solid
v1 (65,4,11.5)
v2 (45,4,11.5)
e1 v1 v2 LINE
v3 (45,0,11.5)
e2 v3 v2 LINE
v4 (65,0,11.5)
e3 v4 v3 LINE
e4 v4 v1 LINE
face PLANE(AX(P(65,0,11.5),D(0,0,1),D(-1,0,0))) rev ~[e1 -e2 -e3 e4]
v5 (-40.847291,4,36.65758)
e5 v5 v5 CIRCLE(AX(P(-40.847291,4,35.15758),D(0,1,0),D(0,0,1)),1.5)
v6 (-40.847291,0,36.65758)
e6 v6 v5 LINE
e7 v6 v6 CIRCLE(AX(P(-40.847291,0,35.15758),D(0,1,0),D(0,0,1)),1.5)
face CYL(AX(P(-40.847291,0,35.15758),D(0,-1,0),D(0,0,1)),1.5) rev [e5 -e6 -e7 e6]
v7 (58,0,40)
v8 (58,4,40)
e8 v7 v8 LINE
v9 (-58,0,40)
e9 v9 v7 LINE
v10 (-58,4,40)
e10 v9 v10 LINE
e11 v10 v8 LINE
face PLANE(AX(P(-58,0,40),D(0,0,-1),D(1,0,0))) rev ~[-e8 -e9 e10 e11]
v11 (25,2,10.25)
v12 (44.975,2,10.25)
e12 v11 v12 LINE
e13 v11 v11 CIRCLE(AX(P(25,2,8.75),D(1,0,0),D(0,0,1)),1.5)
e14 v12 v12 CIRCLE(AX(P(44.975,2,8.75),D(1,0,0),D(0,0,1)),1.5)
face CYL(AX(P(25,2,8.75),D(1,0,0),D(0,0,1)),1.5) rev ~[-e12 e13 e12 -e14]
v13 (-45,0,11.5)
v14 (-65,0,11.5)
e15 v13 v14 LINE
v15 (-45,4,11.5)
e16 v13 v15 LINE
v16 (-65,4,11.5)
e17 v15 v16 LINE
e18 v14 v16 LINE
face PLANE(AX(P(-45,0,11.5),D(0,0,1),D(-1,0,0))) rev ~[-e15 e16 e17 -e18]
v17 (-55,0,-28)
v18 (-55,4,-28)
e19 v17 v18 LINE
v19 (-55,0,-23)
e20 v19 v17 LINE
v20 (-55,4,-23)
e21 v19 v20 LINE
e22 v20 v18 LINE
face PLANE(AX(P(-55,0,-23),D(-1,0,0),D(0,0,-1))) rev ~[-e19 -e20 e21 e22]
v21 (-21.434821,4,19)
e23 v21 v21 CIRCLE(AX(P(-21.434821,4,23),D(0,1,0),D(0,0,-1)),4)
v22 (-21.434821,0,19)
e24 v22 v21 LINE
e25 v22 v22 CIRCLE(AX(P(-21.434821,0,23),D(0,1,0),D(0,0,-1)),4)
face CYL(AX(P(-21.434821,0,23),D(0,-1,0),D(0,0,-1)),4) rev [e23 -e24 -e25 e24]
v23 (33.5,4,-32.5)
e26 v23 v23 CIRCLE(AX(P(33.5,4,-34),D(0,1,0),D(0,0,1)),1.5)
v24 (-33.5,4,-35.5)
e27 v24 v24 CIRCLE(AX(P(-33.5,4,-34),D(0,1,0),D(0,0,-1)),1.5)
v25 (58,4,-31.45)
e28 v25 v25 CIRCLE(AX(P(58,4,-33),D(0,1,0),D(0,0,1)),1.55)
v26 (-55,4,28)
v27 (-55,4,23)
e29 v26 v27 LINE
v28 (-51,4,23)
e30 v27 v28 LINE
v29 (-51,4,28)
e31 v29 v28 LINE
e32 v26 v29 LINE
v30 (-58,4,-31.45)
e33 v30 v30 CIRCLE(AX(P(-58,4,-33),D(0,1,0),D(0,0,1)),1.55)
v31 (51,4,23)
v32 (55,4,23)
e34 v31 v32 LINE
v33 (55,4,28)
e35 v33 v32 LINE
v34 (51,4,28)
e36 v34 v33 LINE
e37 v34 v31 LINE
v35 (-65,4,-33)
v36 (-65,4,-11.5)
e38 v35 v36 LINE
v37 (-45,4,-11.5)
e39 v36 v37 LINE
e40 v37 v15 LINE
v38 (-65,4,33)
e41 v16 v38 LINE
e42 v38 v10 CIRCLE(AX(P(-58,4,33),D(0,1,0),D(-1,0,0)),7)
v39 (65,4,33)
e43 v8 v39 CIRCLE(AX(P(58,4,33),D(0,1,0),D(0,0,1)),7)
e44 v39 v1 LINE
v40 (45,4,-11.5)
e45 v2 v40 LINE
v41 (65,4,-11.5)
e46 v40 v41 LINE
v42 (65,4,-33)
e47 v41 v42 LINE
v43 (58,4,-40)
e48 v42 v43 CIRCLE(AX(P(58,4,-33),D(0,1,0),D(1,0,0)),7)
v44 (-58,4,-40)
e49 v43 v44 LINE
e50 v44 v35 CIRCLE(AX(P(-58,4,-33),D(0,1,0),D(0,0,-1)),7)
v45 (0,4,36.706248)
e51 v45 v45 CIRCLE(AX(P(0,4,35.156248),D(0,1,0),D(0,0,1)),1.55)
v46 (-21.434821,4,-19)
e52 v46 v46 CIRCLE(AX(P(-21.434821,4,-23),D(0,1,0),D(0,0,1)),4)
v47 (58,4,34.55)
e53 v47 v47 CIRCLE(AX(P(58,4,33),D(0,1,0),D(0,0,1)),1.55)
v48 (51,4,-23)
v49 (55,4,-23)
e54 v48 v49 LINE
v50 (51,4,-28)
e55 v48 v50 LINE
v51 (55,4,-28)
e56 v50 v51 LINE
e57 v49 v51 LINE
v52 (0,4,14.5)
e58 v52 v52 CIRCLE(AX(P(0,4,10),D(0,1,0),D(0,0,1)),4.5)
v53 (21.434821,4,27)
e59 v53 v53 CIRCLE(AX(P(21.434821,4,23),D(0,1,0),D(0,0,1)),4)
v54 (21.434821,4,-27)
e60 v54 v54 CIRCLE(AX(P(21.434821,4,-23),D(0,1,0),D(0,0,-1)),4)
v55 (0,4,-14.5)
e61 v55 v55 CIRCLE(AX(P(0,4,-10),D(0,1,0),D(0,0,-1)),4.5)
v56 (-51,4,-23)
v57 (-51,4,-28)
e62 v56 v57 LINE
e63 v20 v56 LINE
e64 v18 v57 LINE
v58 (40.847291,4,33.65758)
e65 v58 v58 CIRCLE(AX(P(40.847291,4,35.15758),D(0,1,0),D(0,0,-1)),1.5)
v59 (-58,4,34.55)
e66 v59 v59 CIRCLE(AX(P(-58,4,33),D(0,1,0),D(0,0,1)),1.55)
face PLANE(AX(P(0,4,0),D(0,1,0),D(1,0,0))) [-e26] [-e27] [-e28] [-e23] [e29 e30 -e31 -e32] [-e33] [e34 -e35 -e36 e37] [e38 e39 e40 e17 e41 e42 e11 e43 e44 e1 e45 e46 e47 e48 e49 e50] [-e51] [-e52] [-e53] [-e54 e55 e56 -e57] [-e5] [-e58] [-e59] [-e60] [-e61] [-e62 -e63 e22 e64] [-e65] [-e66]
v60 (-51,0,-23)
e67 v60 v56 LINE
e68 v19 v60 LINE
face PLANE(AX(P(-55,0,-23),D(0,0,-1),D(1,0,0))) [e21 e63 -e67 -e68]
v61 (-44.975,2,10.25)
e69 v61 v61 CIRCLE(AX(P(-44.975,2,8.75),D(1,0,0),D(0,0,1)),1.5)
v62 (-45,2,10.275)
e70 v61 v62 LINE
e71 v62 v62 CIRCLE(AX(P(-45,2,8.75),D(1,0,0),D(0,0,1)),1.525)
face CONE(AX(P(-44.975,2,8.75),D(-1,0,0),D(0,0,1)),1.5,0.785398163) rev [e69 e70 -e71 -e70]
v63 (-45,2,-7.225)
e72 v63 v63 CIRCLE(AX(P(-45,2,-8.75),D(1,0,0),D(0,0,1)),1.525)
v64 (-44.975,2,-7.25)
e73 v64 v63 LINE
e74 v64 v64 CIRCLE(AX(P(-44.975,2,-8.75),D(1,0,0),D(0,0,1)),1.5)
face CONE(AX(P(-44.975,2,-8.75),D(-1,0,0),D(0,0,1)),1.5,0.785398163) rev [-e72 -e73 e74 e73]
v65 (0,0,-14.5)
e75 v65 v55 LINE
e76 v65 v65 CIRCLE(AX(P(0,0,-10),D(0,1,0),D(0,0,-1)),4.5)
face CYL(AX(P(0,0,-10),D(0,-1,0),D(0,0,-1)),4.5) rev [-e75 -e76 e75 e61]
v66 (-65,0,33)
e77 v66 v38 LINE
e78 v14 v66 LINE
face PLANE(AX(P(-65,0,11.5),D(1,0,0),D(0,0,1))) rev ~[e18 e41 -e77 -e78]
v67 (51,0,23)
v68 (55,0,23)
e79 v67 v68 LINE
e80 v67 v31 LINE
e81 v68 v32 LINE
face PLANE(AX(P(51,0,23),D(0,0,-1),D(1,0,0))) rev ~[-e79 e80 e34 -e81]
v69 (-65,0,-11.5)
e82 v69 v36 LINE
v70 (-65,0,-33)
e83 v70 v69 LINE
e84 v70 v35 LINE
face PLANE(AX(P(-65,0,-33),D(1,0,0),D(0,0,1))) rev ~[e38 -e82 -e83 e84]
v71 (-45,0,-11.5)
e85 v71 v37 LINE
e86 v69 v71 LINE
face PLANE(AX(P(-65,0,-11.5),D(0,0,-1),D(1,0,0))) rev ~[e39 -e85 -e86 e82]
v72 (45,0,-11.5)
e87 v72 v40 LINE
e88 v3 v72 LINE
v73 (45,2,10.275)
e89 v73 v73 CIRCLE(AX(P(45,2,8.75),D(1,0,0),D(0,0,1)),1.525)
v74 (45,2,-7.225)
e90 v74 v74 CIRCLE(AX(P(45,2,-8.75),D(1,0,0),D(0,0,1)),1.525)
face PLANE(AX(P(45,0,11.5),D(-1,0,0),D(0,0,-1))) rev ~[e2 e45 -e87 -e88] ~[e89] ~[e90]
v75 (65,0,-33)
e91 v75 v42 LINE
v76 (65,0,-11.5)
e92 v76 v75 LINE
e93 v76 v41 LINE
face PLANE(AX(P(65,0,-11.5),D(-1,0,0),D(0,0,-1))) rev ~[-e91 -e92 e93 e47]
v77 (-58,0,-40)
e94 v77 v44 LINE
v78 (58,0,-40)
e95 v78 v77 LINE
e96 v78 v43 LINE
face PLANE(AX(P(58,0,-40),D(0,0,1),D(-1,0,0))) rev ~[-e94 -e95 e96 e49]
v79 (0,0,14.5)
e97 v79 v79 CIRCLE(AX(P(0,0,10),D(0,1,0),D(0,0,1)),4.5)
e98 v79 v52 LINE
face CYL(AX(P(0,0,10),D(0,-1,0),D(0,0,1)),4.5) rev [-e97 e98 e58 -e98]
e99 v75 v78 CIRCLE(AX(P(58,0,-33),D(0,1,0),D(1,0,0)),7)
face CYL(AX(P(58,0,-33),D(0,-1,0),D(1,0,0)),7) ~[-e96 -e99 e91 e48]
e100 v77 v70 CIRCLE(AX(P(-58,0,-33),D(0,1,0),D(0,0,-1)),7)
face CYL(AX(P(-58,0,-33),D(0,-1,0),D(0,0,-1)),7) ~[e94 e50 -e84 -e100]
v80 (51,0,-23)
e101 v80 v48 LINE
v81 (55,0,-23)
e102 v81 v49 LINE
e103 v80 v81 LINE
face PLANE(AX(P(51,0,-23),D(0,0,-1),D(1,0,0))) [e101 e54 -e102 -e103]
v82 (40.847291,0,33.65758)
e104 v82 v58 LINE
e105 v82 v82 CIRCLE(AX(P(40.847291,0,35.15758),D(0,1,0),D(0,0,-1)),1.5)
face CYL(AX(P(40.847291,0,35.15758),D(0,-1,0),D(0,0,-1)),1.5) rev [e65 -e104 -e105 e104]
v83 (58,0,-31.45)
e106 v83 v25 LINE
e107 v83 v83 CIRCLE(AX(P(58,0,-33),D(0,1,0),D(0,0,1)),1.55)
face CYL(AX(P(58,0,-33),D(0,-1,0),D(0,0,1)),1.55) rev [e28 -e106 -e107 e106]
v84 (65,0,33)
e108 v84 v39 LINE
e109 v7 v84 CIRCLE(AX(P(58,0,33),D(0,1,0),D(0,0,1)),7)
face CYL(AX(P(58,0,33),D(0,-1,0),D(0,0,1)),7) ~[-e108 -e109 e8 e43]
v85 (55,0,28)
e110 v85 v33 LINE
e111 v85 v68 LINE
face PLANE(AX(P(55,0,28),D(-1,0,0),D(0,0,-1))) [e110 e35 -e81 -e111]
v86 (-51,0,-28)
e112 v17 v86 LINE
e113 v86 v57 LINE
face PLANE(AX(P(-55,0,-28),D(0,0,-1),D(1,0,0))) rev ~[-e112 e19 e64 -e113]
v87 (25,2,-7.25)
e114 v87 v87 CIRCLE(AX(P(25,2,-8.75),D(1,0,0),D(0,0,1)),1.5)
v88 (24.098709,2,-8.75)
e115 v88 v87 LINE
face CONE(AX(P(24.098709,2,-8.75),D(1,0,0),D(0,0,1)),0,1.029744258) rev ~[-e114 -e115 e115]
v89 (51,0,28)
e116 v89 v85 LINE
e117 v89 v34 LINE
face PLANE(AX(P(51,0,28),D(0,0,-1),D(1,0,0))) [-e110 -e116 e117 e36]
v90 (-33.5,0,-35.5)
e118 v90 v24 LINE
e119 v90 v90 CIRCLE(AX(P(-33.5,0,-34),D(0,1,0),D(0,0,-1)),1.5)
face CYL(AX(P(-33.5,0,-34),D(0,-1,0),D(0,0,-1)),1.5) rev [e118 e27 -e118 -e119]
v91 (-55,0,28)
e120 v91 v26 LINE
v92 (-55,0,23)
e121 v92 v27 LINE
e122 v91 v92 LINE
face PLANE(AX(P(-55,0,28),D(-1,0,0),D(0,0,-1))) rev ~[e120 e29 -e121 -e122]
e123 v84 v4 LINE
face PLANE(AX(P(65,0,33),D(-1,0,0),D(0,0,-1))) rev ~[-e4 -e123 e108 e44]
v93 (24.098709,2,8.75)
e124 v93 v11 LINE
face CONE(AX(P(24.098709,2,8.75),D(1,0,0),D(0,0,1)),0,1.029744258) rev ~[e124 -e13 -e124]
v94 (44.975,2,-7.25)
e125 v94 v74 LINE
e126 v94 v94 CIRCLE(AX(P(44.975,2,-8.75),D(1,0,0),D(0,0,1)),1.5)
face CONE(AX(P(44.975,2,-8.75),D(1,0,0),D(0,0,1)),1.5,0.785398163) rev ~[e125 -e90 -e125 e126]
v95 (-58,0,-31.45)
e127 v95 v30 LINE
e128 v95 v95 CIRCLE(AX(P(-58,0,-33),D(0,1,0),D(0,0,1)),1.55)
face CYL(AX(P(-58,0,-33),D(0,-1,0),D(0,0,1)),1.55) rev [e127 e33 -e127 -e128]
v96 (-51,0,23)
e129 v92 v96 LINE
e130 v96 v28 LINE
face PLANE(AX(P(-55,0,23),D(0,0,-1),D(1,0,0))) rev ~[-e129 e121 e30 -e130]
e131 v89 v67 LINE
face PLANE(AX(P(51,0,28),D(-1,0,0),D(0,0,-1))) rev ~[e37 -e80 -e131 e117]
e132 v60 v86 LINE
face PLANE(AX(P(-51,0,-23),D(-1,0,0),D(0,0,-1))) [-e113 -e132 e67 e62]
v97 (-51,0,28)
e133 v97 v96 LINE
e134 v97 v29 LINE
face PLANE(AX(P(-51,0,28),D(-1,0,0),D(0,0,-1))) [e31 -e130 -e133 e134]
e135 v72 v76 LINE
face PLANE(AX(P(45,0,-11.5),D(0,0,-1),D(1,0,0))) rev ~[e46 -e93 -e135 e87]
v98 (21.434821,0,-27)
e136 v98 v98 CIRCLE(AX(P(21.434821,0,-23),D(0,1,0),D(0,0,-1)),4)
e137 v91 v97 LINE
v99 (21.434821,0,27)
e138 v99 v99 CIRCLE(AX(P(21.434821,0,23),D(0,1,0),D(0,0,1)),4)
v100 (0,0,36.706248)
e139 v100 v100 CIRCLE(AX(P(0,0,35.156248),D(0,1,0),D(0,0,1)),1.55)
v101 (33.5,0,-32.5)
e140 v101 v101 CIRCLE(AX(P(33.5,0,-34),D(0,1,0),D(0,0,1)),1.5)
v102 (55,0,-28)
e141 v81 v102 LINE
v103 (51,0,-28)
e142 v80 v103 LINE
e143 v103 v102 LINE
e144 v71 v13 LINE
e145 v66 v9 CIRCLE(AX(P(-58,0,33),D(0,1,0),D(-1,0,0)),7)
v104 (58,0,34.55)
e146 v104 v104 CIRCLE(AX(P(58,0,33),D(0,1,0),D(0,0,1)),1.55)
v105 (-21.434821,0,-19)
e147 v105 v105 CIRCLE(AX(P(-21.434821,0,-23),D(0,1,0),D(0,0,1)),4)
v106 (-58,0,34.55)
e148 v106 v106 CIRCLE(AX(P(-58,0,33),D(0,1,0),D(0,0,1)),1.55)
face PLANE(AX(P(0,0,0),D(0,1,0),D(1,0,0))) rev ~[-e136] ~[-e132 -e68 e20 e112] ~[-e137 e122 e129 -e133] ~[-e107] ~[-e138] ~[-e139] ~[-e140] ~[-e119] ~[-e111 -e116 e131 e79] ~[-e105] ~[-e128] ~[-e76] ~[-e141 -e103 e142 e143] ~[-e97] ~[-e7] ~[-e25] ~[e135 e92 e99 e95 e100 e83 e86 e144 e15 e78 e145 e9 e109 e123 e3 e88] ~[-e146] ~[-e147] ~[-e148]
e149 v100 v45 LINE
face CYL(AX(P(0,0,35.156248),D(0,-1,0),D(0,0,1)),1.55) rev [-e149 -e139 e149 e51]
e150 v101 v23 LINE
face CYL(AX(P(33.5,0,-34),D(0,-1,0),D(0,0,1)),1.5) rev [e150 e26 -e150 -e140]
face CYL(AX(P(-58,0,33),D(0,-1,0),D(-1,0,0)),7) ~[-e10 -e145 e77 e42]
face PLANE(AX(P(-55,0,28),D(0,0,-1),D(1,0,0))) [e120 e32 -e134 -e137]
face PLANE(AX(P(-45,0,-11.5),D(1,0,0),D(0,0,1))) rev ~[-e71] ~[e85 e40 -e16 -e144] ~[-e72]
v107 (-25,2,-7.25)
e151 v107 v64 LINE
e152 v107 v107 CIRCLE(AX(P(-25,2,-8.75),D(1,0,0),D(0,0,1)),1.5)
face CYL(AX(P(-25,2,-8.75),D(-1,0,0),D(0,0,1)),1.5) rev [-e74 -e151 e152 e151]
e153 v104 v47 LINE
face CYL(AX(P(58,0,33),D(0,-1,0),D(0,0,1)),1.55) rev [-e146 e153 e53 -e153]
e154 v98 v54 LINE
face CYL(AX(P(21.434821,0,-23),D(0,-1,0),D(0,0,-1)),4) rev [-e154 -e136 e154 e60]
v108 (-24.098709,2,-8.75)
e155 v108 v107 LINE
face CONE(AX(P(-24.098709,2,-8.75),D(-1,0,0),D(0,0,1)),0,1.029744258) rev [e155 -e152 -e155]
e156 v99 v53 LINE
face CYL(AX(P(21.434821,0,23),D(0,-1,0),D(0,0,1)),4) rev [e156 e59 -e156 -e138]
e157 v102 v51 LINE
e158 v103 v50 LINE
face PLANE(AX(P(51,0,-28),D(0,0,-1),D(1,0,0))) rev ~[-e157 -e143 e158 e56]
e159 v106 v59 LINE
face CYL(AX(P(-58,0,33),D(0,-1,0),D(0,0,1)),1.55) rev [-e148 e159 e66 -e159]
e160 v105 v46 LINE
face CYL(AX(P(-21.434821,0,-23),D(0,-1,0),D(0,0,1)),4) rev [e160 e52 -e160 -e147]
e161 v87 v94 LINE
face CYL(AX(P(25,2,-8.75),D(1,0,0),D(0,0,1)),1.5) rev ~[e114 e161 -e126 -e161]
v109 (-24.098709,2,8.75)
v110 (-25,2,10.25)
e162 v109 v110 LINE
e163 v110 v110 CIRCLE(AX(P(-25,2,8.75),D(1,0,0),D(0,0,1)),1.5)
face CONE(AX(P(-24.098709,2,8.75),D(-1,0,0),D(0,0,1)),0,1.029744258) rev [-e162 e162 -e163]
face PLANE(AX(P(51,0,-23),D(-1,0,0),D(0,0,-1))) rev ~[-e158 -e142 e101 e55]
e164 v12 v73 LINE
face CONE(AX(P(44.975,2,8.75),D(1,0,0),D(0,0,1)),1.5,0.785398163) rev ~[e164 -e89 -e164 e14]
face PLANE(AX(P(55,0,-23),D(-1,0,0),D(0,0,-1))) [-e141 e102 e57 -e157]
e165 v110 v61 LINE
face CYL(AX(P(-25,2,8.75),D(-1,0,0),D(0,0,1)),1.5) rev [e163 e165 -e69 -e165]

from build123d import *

# Parameters (mm, degrees)
SKETCH1_R                = 1.55
SKETCH1_R_2              = 1.5
SKETCH1_R_3              = 4.5
SKETCH1_R_4              = 4
SKETCH1_W                = 4
SKETCH1_H                = 5
BOSS_EXTRUDE1_DEPTH      = 4
OTW_R_3_0_3_1_AT_2_COUNT = 2
OTW_R_3_0_3_1_AT_2_PITCH = 17.5


with BuildPart() as part:
    # Sketch1 → Boss-Extrude1 (new body)
    with BuildSketch(Plane(origin=(0, 0, 0), x_dir=(1, 0, 0), z_dir=(0, 1, 0))):
        with BuildLine():
            Line((45, -11.5), (45, 11.5))
            Line((45, 11.5), (65, 11.5))
            Line((65, 11.5), (65, 33))
            ThreePointArc((65, 33), (62.949747468, 37.949747468), (58, 40))
            Line((58, 40), (-58, 40))
            ThreePointArc((-58, 40), (-62.949747468, 37.949747468), (-65, 33))
            Line((-65, 33), (-65, 11.5))
            Line((-65, 11.5), (-45, 11.5))
            Line((-45, 11.5), (-45, -11.5))
            Line((-45, -11.5), (-65, -11.5))
            Line((-65, -11.5), (-65, -33))
            ThreePointArc((-65, -33), (-62.949747468, -37.949747468), (-58, -40))
            Line((-58, -40), (58, -40))
            ThreePointArc((58, -40), (62.949747468, -37.949747468), (65, -33))
            Line((65, -33), (65, -11.5))
            Line((65, -11.5), (45, -11.5))
        make_face()
        with Locations(Location((58, 33, 0), (0, 0, 270))):
            Circle(SKETCH1_R, mode=Mode.SUBTRACT)
        with Locations(Location((58, -33, 0), (0, 0, 270))):
            Circle(SKETCH1_R, mode=Mode.SUBTRACT)
        with Locations(Location((-58, -33, 0), (0, 0, 270))):
            Circle(SKETCH1_R, mode=Mode.SUBTRACT)
        with Locations(Location((-58, 33, 0), (0, 0, 270))):
            Circle(SKETCH1_R, mode=Mode.SUBTRACT)
        with Locations(Location((33.5, 34, 0), (0, 0, 270))):
            Circle(SKETCH1_R_2, mode=Mode.SUBTRACT)
        with Locations(Location((-33.5, 34, 0), (0, 0, 90))):
            Circle(SKETCH1_R_2, mode=Mode.SUBTRACT)
        with Locations(Location((-40.847291444, -35.157580257, 0), (0, 0, 270))):
            Circle(SKETCH1_R_2, mode=Mode.SUBTRACT)
        with Locations(Location((0, -35.15624759, 0), (0, 0, 270))):
            Circle(SKETCH1_R, mode=Mode.SUBTRACT)
        with Locations(Location((40.847291444, -35.157580257, 0), (0, 0, 90))):
            Circle(SKETCH1_R_2, mode=Mode.SUBTRACT)
        with Locations(Location((0, -10, 0), (0, 0, 270))):
            Circle(SKETCH1_R_3, mode=Mode.SUBTRACT)
        with Locations(Location((0, 10, 0), (0, 0, 90))):
            Circle(SKETCH1_R_3, mode=Mode.SUBTRACT)
        with Locations(Location((21.434820624, -23, 0), (0, 0, 270))):
            Circle(SKETCH1_R_4, mode=Mode.SUBTRACT)
        with Locations(Location((-21.434820624, -23, 0), (0, 0, 90))):
            Circle(SKETCH1_R_4, mode=Mode.SUBTRACT)
        with Locations(Location((-21.434820624, 23, 0), (0, 0, 270))):
            Circle(SKETCH1_R_4, mode=Mode.SUBTRACT)
        with Locations(Location((21.434820624, 23, 0), (0, 0, 90))):
            Circle(SKETCH1_R_4, mode=Mode.SUBTRACT)
        with Locations((53, -25.5)):
            Rectangle(SKETCH1_W, SKETCH1_H, mode=Mode.SUBTRACT)
        with Locations((53, 25.5)):
            Rectangle(SKETCH1_W, SKETCH1_H, mode=Mode.SUBTRACT)
        with Locations((-53, -25.5)):
            Rectangle(SKETCH1_W, SKETCH1_H, mode=Mode.SUBTRACT)
        with Locations((-53, 25.5)):
            Rectangle(SKETCH1_W, SKETCH1_H, mode=Mode.SUBTRACT)
    extrude(amount=BOSS_EXTRUDE1_DEPTH)

    # Szkic5 → Otwór Ø3.0 (3)1 (revolve, cut)
    with BuildSketch(Plane(origin=(-45, 2, -8.75), x_dir=(0, 0, 1), z_dir=(0, 1, 0))):
        Polygon((0, 0), (0, 20.901290929), (1.5, 20), (1.5, 0.025), (1.525, 0), align=None)
    otw_r_3_0_3_1 = revolve(axis=Axis((-51.35, 2, -8.75), (1, 0, 0)), mode=Mode.SUBTRACT)

    # Otwór Ø3.0 (3)1 at 2: Otwór Ø3.0 (3)1 ×2
    with Locations(*[(0, 0, i * OTW_R_3_0_3_1_AT_2_PITCH) for i in range(1, OTW_R_3_0_3_1_AT_2_COUNT)]):
        add(otw_r_3_0_3_1, mode=Mode.SUBTRACT)

    # Lustro1: Otwór Ø3.0 (3)1 across plane
    add(otw_r_3_0_3_1.mirror(Plane(origin=(0, 0, 0), x_dir=(0, 0, 1), z_dir=(1, 0, 0))), mode=Mode.SUBTRACT)

    # Lustro1 copy 1 sketch → Lustro1 copy 1 (revolve, cut)
    with BuildSketch(Plane(origin=(45, 2, 8.75), x_dir=(0, 0, 1), z_dir=(0, 1, 0))):
        Polygon((0, 0), (0, -20.901290929), (1.5, -20), (1.5, -0.025), (1.525, 0), align=None)
    revolve(axis=Axis((51.35, 2, 8.75), (1, 0, 0)), mode=Mode.SUBTRACT)


solid = part.part
